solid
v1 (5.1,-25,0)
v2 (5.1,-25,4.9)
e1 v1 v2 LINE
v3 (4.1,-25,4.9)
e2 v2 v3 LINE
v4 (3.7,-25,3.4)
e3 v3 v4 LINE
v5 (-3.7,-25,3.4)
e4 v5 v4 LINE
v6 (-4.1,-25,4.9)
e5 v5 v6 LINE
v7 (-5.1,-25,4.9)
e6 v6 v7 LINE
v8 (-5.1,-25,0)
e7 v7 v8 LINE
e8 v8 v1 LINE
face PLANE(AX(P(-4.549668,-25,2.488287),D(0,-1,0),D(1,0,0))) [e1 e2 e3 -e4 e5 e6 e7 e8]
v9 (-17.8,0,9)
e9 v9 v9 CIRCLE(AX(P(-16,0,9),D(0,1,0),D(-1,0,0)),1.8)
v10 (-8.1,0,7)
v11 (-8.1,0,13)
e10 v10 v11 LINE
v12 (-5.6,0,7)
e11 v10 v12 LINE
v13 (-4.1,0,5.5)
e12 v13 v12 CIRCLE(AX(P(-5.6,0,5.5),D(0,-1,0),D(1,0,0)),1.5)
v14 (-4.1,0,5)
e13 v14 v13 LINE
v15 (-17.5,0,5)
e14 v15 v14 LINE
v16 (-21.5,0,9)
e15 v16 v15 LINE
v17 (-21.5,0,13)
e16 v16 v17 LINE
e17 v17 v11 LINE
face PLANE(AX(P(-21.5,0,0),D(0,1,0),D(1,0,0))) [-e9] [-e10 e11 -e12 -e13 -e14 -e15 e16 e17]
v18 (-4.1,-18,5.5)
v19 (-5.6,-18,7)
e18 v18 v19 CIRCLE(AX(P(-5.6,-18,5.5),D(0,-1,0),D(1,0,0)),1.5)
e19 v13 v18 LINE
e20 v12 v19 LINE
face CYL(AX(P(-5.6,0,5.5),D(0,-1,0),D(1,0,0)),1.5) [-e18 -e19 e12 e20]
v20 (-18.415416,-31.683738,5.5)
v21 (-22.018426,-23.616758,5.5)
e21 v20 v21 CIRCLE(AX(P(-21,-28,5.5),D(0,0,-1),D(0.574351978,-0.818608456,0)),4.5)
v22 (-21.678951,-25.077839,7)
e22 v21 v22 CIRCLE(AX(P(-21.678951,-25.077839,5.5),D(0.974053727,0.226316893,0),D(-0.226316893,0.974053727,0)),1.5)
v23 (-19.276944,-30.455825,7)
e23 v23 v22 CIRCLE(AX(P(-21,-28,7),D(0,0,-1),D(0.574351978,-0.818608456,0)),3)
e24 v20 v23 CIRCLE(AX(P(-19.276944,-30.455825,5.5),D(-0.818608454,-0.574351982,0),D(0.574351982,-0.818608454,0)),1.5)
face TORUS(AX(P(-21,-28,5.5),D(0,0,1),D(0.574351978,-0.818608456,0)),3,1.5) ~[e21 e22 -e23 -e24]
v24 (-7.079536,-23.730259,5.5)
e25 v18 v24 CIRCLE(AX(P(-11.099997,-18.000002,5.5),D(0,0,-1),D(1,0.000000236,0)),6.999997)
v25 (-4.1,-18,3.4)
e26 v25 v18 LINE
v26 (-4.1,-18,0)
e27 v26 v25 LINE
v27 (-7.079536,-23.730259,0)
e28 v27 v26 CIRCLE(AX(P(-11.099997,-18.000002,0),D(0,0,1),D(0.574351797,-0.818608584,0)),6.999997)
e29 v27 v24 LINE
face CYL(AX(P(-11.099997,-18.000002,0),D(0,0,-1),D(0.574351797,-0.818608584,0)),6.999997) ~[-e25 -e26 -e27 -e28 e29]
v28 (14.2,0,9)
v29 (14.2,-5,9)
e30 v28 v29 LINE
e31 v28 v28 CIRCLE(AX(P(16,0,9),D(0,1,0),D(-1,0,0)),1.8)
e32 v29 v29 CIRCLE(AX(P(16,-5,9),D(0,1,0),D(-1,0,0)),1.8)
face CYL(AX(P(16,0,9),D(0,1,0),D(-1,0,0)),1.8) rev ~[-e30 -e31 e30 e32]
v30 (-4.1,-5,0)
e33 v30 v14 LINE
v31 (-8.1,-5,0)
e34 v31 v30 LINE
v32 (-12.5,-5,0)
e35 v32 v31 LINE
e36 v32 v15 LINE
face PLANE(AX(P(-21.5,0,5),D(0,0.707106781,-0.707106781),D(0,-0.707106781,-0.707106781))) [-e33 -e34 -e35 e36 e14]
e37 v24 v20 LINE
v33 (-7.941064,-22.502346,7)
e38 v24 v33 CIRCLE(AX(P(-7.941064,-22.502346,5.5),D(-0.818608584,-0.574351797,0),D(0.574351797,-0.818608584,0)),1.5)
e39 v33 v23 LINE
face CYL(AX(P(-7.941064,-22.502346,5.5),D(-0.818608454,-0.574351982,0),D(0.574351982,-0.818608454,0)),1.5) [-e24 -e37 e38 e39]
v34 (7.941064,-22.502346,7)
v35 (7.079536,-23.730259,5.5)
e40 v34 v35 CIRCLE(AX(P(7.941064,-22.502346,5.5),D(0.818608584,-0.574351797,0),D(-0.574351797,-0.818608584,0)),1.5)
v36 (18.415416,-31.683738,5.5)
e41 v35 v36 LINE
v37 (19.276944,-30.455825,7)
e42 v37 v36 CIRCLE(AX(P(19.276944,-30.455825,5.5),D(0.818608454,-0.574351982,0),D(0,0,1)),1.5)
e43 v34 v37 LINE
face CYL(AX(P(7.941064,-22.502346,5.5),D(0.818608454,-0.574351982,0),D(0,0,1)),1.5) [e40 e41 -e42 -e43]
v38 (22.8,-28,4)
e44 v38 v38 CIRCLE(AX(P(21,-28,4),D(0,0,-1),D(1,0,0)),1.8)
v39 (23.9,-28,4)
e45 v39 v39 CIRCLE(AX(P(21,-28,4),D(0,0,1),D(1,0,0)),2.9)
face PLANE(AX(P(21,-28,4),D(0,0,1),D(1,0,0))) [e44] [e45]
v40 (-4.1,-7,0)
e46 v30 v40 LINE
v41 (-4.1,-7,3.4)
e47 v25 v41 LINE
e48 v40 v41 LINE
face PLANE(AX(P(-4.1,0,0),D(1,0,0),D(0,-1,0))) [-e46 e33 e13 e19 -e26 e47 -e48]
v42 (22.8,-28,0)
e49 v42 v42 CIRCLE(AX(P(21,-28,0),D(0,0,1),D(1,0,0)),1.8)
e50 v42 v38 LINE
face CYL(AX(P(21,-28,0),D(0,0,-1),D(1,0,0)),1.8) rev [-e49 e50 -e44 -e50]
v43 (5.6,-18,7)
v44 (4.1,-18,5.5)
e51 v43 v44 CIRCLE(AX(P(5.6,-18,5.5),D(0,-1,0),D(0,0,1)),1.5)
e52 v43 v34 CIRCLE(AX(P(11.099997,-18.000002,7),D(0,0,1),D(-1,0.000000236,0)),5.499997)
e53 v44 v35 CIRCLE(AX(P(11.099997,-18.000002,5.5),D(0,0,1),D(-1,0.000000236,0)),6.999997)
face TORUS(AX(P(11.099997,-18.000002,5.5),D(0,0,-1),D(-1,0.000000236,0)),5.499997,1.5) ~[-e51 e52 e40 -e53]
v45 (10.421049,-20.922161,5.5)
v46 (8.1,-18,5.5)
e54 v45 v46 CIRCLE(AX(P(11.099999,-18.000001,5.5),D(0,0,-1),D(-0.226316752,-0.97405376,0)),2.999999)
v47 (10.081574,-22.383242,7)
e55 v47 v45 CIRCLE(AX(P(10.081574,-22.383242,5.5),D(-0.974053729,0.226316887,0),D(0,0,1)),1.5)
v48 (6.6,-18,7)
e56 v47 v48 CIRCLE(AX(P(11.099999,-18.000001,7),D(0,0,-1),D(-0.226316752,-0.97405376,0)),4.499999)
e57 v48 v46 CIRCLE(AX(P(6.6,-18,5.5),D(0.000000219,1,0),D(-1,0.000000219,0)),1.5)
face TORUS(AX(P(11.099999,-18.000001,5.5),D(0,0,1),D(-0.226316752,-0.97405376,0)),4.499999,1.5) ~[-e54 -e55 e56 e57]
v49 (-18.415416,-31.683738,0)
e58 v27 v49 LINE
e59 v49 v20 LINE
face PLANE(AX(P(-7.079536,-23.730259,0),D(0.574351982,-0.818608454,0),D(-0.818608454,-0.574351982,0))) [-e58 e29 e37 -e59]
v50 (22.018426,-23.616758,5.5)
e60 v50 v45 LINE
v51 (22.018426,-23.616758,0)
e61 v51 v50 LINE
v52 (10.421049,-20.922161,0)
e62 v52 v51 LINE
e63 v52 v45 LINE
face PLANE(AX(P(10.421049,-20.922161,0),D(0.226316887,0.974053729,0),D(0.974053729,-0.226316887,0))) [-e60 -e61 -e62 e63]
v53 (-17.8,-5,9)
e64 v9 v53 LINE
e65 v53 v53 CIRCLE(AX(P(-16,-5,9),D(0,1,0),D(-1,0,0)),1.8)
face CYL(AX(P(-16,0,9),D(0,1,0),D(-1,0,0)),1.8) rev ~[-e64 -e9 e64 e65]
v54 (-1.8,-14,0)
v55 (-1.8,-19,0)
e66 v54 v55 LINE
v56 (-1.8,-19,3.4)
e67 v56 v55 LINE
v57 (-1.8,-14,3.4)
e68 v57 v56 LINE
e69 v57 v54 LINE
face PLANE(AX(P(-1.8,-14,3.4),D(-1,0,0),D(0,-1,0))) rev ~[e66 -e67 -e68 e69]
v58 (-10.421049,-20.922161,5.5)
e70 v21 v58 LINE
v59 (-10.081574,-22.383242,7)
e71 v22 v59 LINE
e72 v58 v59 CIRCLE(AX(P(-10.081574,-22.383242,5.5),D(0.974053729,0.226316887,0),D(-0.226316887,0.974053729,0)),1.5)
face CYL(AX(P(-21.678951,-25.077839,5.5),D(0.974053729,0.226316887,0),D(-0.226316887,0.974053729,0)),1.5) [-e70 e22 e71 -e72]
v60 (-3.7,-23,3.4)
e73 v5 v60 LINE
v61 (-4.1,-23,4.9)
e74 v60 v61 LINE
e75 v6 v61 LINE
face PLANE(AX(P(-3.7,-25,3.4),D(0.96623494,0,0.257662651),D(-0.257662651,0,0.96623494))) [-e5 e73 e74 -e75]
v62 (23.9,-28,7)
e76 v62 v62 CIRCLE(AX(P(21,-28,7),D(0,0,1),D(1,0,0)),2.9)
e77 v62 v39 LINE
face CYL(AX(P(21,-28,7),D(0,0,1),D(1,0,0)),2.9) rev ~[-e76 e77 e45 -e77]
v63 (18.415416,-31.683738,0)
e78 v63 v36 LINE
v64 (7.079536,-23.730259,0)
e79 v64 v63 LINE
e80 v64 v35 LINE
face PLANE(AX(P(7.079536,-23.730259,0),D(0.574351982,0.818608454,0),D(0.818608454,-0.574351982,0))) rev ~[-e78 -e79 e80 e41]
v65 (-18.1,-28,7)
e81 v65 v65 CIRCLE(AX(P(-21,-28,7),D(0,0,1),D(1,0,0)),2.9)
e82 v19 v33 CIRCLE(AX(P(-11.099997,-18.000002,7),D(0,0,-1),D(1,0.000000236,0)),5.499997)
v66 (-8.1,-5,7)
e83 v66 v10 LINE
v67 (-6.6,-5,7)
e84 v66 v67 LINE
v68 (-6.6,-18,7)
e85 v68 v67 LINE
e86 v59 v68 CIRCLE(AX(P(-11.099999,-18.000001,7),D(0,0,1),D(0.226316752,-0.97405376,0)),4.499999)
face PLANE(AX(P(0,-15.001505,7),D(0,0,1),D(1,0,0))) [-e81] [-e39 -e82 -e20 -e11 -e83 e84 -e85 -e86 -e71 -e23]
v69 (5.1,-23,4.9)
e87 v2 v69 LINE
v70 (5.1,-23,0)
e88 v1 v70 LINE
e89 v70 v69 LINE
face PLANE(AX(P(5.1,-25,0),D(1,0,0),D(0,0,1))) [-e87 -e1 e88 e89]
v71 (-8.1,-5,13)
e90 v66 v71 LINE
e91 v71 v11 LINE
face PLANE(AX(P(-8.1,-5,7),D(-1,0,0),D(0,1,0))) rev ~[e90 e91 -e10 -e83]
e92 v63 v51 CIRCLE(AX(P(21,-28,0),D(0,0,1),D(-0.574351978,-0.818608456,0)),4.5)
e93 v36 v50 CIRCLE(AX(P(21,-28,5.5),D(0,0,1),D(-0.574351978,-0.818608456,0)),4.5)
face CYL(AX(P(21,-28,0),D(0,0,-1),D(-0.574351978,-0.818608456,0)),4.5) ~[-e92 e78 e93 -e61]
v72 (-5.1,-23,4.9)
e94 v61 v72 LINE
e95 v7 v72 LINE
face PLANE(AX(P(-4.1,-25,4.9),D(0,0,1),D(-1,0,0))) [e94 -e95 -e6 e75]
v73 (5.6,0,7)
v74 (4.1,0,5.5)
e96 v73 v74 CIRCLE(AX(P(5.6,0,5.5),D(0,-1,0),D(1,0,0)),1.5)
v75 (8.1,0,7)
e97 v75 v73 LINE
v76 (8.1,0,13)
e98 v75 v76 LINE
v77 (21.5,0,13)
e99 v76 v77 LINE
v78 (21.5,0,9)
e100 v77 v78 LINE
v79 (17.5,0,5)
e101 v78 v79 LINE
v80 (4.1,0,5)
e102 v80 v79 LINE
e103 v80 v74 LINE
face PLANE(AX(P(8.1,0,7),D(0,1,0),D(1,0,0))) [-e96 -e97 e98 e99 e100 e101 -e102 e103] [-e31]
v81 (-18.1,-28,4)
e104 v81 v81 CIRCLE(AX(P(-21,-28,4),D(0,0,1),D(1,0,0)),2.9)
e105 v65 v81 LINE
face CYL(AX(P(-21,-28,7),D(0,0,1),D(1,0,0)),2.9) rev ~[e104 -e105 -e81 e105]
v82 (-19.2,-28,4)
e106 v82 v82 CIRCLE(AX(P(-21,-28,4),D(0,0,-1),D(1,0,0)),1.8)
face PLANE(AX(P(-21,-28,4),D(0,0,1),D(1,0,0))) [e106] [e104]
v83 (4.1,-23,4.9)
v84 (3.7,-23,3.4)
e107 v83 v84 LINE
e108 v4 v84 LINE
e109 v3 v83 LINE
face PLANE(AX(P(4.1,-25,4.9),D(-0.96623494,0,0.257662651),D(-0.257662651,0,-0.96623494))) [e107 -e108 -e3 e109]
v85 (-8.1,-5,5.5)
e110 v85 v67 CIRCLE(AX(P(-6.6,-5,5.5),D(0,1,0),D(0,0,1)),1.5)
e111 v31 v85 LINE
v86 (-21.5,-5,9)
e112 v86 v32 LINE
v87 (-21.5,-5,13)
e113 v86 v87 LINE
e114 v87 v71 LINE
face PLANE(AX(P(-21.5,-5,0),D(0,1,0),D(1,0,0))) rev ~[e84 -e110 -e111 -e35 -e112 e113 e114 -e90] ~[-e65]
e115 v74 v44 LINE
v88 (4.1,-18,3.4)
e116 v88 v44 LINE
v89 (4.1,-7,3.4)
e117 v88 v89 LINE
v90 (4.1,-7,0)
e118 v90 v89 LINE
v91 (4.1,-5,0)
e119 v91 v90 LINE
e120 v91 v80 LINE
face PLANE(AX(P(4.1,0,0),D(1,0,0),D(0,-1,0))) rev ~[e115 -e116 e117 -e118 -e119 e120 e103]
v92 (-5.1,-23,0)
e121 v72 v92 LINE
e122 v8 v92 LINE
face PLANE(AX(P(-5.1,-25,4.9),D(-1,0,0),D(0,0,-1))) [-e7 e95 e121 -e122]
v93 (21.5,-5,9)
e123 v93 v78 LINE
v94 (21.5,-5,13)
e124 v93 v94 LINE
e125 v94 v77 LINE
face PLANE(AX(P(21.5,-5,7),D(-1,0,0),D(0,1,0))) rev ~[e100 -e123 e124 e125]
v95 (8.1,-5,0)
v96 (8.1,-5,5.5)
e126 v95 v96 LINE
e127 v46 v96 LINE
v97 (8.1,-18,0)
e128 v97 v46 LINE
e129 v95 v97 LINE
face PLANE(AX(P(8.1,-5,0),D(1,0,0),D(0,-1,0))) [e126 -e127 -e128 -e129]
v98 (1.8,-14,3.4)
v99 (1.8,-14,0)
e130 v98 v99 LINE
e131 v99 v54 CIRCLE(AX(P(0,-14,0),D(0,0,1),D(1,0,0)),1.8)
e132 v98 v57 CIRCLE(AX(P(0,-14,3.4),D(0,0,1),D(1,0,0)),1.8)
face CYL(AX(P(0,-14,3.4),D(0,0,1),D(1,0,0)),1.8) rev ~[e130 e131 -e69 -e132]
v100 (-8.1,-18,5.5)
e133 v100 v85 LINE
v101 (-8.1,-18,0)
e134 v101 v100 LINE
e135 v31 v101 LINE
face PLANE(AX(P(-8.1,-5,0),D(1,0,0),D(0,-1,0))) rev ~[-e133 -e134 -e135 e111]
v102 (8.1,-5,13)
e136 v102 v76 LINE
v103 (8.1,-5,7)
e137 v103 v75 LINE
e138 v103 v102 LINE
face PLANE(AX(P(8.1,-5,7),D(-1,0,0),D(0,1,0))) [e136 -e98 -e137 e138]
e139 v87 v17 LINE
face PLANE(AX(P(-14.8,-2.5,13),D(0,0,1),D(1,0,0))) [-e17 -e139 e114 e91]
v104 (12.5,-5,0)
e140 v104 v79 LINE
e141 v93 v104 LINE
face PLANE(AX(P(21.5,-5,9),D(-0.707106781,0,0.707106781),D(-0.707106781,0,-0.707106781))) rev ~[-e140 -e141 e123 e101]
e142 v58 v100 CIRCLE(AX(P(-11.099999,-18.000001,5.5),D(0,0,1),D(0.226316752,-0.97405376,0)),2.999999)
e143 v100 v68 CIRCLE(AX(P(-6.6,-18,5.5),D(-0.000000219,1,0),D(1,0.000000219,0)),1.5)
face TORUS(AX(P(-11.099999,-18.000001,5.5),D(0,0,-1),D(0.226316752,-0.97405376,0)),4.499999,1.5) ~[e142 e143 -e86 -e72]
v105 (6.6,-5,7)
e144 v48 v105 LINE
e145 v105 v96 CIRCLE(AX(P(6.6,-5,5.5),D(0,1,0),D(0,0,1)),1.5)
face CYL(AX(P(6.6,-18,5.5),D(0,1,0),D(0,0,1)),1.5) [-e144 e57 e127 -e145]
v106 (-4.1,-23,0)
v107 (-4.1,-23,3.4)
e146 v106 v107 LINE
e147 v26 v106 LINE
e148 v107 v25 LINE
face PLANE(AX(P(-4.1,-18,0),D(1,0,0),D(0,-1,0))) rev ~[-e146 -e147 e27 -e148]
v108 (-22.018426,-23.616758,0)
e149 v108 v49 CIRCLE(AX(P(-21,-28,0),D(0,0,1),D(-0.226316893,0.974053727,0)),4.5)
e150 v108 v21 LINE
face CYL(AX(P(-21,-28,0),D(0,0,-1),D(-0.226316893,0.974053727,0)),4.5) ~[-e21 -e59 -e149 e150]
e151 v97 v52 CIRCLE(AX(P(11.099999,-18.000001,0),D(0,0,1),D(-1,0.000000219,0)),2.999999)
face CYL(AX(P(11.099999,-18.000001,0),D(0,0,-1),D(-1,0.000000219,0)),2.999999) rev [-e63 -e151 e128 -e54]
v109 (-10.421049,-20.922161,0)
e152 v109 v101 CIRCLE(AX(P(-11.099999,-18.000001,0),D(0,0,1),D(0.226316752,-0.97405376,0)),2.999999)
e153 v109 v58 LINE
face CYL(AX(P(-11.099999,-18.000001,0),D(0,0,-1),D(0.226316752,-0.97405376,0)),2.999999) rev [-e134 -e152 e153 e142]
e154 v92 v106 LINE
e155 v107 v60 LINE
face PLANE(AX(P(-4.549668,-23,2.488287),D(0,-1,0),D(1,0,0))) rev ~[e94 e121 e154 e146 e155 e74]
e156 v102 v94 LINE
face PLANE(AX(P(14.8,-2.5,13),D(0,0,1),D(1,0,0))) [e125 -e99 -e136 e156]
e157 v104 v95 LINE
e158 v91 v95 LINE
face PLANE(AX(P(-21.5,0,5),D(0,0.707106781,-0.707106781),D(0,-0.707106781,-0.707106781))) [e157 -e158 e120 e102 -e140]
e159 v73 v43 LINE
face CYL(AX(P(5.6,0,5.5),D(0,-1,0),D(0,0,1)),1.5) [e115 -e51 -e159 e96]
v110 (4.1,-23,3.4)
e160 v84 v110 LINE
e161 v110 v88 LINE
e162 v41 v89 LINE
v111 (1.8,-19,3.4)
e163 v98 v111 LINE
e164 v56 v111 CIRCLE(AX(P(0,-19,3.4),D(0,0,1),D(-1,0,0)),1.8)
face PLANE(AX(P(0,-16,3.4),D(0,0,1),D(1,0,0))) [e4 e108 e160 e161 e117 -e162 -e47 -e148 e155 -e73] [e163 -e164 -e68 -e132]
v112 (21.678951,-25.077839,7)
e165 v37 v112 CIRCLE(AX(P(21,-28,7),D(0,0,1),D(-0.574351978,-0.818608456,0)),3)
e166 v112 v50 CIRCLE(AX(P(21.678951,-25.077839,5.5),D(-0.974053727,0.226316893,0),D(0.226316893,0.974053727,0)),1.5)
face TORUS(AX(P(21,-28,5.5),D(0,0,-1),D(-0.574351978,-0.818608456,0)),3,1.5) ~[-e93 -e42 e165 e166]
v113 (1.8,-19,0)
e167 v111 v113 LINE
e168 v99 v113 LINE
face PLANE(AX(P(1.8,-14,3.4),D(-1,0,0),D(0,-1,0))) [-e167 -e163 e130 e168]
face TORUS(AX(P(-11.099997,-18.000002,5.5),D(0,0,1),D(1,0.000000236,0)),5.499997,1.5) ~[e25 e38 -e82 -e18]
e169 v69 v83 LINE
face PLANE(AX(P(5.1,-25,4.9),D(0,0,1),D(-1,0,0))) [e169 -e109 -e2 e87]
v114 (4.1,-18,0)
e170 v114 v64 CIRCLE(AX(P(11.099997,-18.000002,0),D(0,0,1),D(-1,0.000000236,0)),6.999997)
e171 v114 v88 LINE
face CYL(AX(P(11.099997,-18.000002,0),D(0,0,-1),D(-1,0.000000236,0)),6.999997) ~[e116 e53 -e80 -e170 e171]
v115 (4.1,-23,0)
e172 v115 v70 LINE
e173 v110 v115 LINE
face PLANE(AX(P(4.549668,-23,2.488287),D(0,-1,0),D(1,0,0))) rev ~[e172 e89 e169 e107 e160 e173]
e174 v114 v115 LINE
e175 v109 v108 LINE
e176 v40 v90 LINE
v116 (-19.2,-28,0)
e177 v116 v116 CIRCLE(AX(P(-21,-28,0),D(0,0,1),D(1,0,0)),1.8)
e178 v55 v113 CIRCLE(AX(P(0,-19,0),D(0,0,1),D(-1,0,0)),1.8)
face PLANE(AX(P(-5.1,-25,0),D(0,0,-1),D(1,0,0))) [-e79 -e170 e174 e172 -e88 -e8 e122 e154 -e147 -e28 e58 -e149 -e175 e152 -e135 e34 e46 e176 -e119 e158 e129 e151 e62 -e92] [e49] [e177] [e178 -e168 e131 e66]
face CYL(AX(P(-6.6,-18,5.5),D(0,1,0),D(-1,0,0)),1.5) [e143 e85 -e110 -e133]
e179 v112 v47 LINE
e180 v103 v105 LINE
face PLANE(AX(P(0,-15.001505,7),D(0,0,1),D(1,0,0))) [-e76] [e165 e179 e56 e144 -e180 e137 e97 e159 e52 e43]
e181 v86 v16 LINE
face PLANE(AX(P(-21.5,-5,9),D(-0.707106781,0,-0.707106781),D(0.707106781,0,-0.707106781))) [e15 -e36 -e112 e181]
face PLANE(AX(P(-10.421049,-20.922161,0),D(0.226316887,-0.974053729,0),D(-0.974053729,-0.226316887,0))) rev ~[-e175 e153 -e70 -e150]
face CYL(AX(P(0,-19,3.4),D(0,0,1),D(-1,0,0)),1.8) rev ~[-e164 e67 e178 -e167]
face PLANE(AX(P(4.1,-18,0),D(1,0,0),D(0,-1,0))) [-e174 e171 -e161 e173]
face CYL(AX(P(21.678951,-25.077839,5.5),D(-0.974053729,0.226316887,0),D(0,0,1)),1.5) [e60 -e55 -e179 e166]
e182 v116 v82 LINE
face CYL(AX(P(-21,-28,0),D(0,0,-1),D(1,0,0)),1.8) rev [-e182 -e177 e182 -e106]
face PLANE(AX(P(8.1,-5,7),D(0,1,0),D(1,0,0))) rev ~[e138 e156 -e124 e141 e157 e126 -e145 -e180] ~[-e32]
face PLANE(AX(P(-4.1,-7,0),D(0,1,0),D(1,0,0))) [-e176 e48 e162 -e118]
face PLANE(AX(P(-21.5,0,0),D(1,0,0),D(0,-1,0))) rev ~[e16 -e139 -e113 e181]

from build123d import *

# Parameters (mm, degrees)
SKETCH_R        = 1.8
PAD_DEPTH       = 7
SKETCH001_R     = 2.9
POCKET_DEPTH    = 3
SKETCH002_W     = 13.4
SKETCH002_H     = 5
PAD001_DEPTH    = 6
SKETCH005_R     = 1.8
POCKET002_DEPTH = 5
SKETCH009_W     = 8.2
SKETCH009_H     = 18
POCKET006_DEPTH = 3.6
POCKET003_DEPTH = 47.001
POCKET004_DEPTH = 5
POCKET005_DEPTH = 3.401
PAD002_DEPTH    = 2
FILLET_R        = 1.5


with BuildPart() as part:
    # Sketch → Pad (new body)
    with BuildSketch(Plane.XY):
        with BuildLine():
            Line((-21.5, 0), (-21.5, -5))
            Line((-21.5, -5), (-8.1, -5))
            Line((-8.1, -5), (-8.1, -18))
            ThreePointArc((-10.421049, -20.922161), (-8.750867, -19.865898), (-8.1, -18))
            Line((-10.421049, -20.922161), (-22.018426, -23.616758))
            ThreePointArc((-22.018426, -23.616758), (-25.108802, -29.835142), (-18.415416, -31.683738))
            Line((-7.079536, -23.730259), (-18.415416, -31.683738))
            ThreePointArc((-7.079536, -23.730259), (-4.889394, -21.2293), (-4.1, -18))
            Line((-4.1, -18), (-4.1, -25))
            Line((-4.1, -25), (4.1, -25))
            Line((4.1, -18), (4.1, -25))
            ThreePointArc((4.1, -18), (4.889394, -21.2293), (7.079536, -23.730259))
            Line((7.079536, -23.730259), (18.415416, -31.683738))
            ThreePointArc((18.415416, -31.683738), (25.108802, -29.835142), (22.018426, -23.616758))
            Line((10.421049, -20.922161), (22.018426, -23.616758))
            ThreePointArc((8.1, -18), (8.750867, -19.865898), (10.421049, -20.922161))
            Line((8.1, -5), (8.1, -18))
            Line((21.5, -5), (8.1, -5))
            Line((21.5, -5), (21.5, 0))
            Line((21.5, 0), (4.1, 0))
            Line((4.1, 0), (4.1, -7))
            Line((-4.1, -7), (4.1, -7))
            Line((-4.1, 0), (-4.1, -7))
            Line((-21.5, 0), (-4.1, 0))
        make_face()
        with Locations((-21, -28)):
            Circle(SKETCH_R, mode=Mode.SUBTRACT)
        with Locations((21, -28)):
            Circle(SKETCH_R, mode=Mode.SUBTRACT)
    extrude(amount=PAD_DEPTH)

    # Sketch001 (on Face28 of Pad) → Pocket (cut)
    with BuildSketch(Plane.XY.offset(7)):
        with Locations((-21, -28)):
            Circle(SKETCH001_R)
        with Locations((21, -28)):
            Circle(SKETCH001_R)
    extrude(amount=-POCKET_DEPTH, mode=Mode.SUBTRACT)

    # Sketch002 (on Face5 of Pocket) → Pad001 (join)
    with BuildSketch(Plane.XY.offset(7)):
        with Locations((14.8, -2.5)):
            Rectangle(SKETCH002_W, SKETCH002_H)
        with Locations((-14.8, -2.5)):
            Rectangle(SKETCH002_W, SKETCH002_H)
    extrude(amount=PAD001_DEPTH)

    # Sketch005 (on Face32 of Pad001) → Pocket002 (cut)
    with BuildSketch(Plane(origin=(0, 0, 0), x_dir=(-1, 0, 0), z_dir=(0, 1, 0))):
        with Locations((-16, 9)):
            Circle(SKETCH005_R)
        with Locations((16, 9)):
            Circle(SKETCH005_R)
    extrude(amount=-POCKET002_DEPTH, mode=Mode.SUBTRACT)

    # Sketch009 (on Face31 of Pocket002) → Pocket006 (cut)
    with BuildSketch(Plane.XY.offset(7)):
        with Locations((0, -16)):
            Rectangle(SKETCH009_W, SKETCH009_H)
    extrude(amount=-POCKET006_DEPTH, mode=Mode.SUBTRACT)

    # Sketch006 (on Face2 of Pocket006) → Pocket003 (cut, through all)
    with BuildSketch(Plane(origin=(-21.5, 0, 0), x_dir=(0, -1, 0), z_dir=(-1, 0, 0))):
        Polygon((5, 0), (0, 0), (0, 5), align=None)
    extrude(amount=-POCKET003_DEPTH, mode=Mode.SUBTRACT)

    # Sketch007 (on Face25 of Pocket003) → Pocket004 (cut)
    with BuildSketch(Plane.XZ.offset(5)):
        Polygon((-21.5, 0), (-21.5, 9), (-12.5, 0), align=None)
        Polygon((21.5, 0), (21.5, 9), (12.5, 0), align=None)
    extrude(amount=-POCKET004_DEPTH, mode=Mode.SUBTRACT)

    # Sketch008 (on Face27 of Pocket004) → Pocket005 (cut, through all)
    with BuildSketch(Plane.XY.offset(3.4)):
        with BuildLine():
            ThreePointArc((1.8, -14), (0, -12.2), (-1.8, -14))
            Line((-1.8, -14), (-1.8, -19))
            ThreePointArc((-1.8, -19), (0, -20.8), (1.8, -19))
            Line((1.8, -14), (1.8, -19))
        make_face()
    extrude(amount=-POCKET005_DEPTH, mode=Mode.SUBTRACT)

    # Sketch010 (on Face17 of Pocket005) → Pad002 (join)
    with BuildSketch(Plane.XZ.offset(25)):
        Polygon((-4.1, 4.9), (-5.1, 4.9), (-5.1, 0), (-4.1, 0), (-4.1, 3.4), (-3.7, 3.4), align=None)
        Polygon((4.1, 0), (5.1, 0), (5.1, 4.9), (4.1, 4.9), (3.7, 3.4), (4.1, 3.4), align=None)
    extrude(amount=-PAD002_DEPTH)

    # Fillet
    fillet_edges = [part.edges().sort_by_distance(p)[0] for p in [
        (-12.747476, -27.706999, 7),
        (12.747476, -27.706999, 7),
    ]]
    fillet(fillet_edges, radius=FILLET_R)


solid = part.part
